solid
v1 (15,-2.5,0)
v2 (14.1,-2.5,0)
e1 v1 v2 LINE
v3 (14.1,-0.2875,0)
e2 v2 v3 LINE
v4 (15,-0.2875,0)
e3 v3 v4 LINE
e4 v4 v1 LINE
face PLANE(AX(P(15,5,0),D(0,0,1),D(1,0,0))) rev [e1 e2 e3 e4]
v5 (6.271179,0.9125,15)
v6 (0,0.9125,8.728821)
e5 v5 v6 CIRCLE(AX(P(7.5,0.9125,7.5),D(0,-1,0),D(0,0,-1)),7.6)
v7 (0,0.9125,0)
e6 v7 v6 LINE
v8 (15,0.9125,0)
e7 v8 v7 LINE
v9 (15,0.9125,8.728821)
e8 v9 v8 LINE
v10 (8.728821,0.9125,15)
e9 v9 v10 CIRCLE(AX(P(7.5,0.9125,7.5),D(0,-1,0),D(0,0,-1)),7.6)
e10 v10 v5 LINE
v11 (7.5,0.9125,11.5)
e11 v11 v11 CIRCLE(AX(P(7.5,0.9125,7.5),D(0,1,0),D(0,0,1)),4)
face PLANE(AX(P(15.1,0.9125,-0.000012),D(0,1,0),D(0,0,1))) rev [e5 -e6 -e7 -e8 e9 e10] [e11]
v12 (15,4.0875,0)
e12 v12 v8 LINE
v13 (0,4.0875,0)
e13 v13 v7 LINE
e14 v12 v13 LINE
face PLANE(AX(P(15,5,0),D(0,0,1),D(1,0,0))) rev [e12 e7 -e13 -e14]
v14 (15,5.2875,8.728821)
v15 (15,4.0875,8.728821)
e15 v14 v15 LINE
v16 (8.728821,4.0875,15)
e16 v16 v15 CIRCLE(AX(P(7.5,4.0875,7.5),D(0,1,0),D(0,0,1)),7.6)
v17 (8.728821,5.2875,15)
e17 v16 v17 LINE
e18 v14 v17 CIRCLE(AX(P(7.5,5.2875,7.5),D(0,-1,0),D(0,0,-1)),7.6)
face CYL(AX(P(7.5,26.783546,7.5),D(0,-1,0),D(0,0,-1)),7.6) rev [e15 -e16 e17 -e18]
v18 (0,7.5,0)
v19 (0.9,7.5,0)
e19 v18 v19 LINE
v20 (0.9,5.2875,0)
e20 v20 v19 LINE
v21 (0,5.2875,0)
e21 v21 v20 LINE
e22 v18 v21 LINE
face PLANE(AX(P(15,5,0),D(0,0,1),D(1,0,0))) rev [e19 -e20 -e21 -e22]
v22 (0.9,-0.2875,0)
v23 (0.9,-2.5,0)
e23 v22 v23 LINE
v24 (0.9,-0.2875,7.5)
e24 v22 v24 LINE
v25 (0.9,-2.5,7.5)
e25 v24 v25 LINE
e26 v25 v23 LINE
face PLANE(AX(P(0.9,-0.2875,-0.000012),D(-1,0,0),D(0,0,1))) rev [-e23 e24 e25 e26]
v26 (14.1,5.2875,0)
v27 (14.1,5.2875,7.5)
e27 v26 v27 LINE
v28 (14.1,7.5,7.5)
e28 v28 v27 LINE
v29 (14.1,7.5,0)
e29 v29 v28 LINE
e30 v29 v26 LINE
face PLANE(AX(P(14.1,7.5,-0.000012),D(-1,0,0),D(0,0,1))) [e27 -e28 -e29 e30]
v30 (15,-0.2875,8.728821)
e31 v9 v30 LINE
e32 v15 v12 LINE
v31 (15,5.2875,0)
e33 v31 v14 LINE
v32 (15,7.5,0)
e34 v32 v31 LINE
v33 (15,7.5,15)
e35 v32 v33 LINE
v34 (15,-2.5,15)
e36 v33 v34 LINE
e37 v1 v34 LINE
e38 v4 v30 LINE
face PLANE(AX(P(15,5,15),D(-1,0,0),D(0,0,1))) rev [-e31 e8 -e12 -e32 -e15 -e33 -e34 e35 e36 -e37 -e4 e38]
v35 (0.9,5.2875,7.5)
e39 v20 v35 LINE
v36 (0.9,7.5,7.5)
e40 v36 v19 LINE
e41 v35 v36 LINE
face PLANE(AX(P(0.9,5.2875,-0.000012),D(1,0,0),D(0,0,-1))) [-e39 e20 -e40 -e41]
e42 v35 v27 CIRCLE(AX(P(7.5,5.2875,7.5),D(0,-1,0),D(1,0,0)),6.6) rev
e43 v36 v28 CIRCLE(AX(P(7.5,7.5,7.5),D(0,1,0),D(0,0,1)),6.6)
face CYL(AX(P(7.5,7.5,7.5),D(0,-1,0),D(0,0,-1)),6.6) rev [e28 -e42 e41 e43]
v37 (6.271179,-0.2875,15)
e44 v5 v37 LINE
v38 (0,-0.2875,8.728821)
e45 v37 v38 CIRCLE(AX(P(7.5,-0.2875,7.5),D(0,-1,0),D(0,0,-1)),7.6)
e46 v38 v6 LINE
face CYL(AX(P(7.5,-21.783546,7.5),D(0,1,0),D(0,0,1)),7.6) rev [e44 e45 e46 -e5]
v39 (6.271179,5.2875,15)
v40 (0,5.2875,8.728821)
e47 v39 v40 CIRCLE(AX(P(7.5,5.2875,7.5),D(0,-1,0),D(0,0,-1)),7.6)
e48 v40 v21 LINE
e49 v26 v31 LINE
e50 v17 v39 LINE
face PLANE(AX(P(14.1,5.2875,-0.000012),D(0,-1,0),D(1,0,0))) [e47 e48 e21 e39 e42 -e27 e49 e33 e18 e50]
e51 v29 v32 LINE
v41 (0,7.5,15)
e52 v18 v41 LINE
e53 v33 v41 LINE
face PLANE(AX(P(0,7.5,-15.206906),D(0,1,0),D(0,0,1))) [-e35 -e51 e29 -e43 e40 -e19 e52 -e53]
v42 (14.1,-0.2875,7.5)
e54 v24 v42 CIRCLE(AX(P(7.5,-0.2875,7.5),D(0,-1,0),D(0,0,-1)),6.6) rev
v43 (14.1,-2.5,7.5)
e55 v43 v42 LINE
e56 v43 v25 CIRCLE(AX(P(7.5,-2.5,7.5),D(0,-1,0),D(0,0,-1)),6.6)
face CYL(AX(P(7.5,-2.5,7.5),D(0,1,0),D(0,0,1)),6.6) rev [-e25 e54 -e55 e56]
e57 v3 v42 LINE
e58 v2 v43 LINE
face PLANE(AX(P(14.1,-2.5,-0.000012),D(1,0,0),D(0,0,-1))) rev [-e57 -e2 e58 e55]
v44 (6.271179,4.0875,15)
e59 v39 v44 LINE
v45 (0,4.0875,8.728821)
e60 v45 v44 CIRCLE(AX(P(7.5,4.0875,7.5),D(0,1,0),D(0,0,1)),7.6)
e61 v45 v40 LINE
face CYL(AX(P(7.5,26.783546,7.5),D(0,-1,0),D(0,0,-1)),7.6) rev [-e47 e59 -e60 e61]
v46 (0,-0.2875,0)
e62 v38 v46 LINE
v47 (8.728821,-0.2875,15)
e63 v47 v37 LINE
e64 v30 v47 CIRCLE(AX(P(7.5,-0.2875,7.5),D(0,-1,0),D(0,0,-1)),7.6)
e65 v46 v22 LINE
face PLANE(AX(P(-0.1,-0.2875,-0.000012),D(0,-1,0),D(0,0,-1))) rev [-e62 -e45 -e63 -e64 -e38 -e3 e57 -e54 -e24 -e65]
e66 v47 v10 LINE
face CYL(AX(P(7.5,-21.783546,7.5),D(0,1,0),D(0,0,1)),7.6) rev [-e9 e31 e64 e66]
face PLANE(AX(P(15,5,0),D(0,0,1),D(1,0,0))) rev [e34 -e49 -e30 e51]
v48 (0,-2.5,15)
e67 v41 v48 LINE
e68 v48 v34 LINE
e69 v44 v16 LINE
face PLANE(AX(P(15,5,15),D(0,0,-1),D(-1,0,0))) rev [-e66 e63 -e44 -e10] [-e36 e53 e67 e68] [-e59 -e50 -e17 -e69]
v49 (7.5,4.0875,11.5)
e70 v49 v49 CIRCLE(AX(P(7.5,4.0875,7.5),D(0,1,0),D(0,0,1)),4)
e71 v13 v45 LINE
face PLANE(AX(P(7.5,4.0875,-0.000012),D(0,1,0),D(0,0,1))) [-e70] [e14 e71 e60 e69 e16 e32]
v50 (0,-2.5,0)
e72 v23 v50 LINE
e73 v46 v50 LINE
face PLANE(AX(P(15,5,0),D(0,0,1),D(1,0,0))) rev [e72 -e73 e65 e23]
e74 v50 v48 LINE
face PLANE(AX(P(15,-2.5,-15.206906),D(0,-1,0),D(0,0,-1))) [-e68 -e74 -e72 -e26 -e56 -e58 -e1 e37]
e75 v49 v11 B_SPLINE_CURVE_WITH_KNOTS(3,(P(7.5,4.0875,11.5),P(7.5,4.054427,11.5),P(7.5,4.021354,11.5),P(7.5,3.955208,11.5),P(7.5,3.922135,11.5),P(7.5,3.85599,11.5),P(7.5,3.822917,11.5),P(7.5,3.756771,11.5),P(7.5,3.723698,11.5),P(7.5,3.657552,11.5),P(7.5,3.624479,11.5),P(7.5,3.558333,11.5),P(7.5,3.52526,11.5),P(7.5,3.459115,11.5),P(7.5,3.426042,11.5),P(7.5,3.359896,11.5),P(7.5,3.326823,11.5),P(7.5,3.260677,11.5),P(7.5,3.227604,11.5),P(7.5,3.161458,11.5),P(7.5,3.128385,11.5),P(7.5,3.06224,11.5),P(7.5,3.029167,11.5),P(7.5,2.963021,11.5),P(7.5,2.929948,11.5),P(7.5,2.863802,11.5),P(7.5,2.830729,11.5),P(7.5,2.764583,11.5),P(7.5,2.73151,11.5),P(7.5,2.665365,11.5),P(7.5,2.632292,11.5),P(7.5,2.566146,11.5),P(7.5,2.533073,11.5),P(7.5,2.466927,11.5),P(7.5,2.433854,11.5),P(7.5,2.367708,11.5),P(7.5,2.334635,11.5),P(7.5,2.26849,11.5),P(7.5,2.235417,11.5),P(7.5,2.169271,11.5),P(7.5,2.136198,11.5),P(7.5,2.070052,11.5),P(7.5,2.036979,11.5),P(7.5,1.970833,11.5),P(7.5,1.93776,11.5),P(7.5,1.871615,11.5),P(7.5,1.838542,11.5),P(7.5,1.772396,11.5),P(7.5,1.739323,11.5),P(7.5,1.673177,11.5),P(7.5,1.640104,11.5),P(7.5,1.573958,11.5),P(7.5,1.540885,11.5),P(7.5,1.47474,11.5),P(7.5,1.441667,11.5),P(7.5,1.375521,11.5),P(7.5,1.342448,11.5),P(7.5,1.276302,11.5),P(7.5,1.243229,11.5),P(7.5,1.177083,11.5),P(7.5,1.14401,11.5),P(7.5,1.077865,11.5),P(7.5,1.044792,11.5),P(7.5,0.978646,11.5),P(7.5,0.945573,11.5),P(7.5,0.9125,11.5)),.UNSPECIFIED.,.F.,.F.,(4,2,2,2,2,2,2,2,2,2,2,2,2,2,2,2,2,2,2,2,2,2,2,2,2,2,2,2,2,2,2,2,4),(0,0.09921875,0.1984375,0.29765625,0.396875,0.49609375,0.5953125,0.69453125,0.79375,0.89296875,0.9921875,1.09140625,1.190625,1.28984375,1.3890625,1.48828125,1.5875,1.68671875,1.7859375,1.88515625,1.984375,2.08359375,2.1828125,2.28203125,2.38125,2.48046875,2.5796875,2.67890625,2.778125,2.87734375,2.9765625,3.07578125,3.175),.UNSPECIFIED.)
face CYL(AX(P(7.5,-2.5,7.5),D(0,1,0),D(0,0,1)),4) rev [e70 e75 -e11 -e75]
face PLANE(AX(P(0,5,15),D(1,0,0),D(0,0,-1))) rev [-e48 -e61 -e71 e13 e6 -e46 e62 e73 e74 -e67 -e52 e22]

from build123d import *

# Parameters (mm, degrees)
SKETCH1_W           = 15
SKETCH1_H           = 15
BOSS_EXTRUDE1_DEPTH = 5
SKETCH2_W           = 15
SKETCH2_H           = 2.5
BOSS_EXTRUDE2_DEPTH = 15
CUT_EXTRUDE1_START  = -7.5
CUT_EXTRUDE1_DEPTH  = 31
SKETCH4_R           = 7.6
CUT_EXTRUDE2_DEPTH  = 1.2
SKETCH5_R           = 6.6
CUT_EXTRUDE3_DEPTH  = 23.2125
CUT_EXTRUDE4_START  = 1.2
SKETCH6_R           = 7.6
CUT_EXTRUDE4_DEPTH  = 1.2
SKETCH7_R           = 6.6
CUT_EXTRUDE5_DEPTH  = 23.2125
SKETCH8_R           = 4
CUT_EXTRUDE6_DEPTH  = 23.2125


with BuildPart() as part:
    # Sketch1 → Boss-Extrude1 (new body)
    with BuildSketch(Plane(origin=(0, 0, 0), x_dir=(1, 0, 0), z_dir=(0, 1, 0))):
        with Locations((7.5, -7.5)):
            Rectangle(SKETCH1_W, SKETCH1_H)
    extrude(amount=BOSS_EXTRUDE1_DEPTH)

    # Sketch2 → Boss-Extrude2 (add)
    with BuildSketch(Plane.XY.offset(15)):
        with Locations((7.5, 6.25)):
            Rectangle(SKETCH2_W, SKETCH2_H)
        with Locations((7.5, -1.25)):
            Rectangle(SKETCH2_W, SKETCH2_H)
    extrude(amount=-BOSS_EXTRUDE2_DEPTH)

    # Sketch3 → Cut-Extrude1 (cut)
    with BuildSketch(Plane(origin=(0, 0, 0), x_dir=(-1, 0, 0), z_dir=(0, 0, -1)).offset(CUT_EXTRUDE1_START)):
        Polygon((-14.1, 7.5), (-14.1, 5.2875), (-15.1, 5.2875), (-15.1, 4.0875), (-7.5, 4.0875), (0.1, 4.0875), (0.1, 5.2875), (-0.9, 5.2875), (-0.9, 7.5), align=None)
    cut_extrude1 = extrude(amount=CUT_EXTRUDE1_DEPTH, mode=Mode.SUBTRACT)

    # Sketch4 → Cut-Extrude2 (cut)
    with BuildSketch(Plane(origin=(0, 4.0875, 0), x_dir=(1, 0, 0), z_dir=(0, 1, 0))):
        with Locations((7.5, -7.5)):
            Circle(SKETCH4_R)
    extrude(amount=CUT_EXTRUDE2_DEPTH, mode=Mode.SUBTRACT)

    # Sketch5 → Cut-Extrude3 (cut, through all)
    with BuildSketch(Plane(origin=(0, 4.0875, 0), x_dir=(1, 0, 0), z_dir=(0, 1, 0))):
        with Locations((7.5, -7.5)):
            Circle(SKETCH5_R)
    extrude(amount=CUT_EXTRUDE3_DEPTH, mode=Mode.SUBTRACT)

    # Mirror1: Cut-Extrude1 across plane
    add(cut_extrude1.mirror(Plane(origin=(0, 2.5, 0), x_dir=(0, 0, 1), z_dir=(0, -1, 0))), mode=Mode.SUBTRACT)

    # Sketch6 → Cut-Extrude4 (cut)
    with BuildSketch(Plane.XZ.offset(-0.9125).offset(CUT_EXTRUDE4_START)):
        with Locations((7.5, 7.5)):
            Circle(SKETCH6_R)
    extrude(amount=-CUT_EXTRUDE4_DEPTH, mode=Mode.SUBTRACT)

    # Sketch7 → Cut-Extrude5 (cut, through all)
    with BuildSketch(Plane.XZ.offset(-0.9125)):
        with Locations((7.5, 7.5)):
            Circle(SKETCH7_R)
    extrude(amount=CUT_EXTRUDE5_DEPTH, mode=Mode.SUBTRACT)

    # Sketch8 → Cut-Extrude6 (cut, through all)
    with BuildSketch(Plane(origin=(0, 4.0875, 0), x_dir=(1, 0, 0), z_dir=(0, 1, 0))):
        with Locations(Location((7.5, -7.5, 0), (0, 0, 270))):
            Circle(SKETCH8_R)
    extrude(amount=-CUT_EXTRUDE6_DEPTH, mode=Mode.SUBTRACT)


solid = part.part
